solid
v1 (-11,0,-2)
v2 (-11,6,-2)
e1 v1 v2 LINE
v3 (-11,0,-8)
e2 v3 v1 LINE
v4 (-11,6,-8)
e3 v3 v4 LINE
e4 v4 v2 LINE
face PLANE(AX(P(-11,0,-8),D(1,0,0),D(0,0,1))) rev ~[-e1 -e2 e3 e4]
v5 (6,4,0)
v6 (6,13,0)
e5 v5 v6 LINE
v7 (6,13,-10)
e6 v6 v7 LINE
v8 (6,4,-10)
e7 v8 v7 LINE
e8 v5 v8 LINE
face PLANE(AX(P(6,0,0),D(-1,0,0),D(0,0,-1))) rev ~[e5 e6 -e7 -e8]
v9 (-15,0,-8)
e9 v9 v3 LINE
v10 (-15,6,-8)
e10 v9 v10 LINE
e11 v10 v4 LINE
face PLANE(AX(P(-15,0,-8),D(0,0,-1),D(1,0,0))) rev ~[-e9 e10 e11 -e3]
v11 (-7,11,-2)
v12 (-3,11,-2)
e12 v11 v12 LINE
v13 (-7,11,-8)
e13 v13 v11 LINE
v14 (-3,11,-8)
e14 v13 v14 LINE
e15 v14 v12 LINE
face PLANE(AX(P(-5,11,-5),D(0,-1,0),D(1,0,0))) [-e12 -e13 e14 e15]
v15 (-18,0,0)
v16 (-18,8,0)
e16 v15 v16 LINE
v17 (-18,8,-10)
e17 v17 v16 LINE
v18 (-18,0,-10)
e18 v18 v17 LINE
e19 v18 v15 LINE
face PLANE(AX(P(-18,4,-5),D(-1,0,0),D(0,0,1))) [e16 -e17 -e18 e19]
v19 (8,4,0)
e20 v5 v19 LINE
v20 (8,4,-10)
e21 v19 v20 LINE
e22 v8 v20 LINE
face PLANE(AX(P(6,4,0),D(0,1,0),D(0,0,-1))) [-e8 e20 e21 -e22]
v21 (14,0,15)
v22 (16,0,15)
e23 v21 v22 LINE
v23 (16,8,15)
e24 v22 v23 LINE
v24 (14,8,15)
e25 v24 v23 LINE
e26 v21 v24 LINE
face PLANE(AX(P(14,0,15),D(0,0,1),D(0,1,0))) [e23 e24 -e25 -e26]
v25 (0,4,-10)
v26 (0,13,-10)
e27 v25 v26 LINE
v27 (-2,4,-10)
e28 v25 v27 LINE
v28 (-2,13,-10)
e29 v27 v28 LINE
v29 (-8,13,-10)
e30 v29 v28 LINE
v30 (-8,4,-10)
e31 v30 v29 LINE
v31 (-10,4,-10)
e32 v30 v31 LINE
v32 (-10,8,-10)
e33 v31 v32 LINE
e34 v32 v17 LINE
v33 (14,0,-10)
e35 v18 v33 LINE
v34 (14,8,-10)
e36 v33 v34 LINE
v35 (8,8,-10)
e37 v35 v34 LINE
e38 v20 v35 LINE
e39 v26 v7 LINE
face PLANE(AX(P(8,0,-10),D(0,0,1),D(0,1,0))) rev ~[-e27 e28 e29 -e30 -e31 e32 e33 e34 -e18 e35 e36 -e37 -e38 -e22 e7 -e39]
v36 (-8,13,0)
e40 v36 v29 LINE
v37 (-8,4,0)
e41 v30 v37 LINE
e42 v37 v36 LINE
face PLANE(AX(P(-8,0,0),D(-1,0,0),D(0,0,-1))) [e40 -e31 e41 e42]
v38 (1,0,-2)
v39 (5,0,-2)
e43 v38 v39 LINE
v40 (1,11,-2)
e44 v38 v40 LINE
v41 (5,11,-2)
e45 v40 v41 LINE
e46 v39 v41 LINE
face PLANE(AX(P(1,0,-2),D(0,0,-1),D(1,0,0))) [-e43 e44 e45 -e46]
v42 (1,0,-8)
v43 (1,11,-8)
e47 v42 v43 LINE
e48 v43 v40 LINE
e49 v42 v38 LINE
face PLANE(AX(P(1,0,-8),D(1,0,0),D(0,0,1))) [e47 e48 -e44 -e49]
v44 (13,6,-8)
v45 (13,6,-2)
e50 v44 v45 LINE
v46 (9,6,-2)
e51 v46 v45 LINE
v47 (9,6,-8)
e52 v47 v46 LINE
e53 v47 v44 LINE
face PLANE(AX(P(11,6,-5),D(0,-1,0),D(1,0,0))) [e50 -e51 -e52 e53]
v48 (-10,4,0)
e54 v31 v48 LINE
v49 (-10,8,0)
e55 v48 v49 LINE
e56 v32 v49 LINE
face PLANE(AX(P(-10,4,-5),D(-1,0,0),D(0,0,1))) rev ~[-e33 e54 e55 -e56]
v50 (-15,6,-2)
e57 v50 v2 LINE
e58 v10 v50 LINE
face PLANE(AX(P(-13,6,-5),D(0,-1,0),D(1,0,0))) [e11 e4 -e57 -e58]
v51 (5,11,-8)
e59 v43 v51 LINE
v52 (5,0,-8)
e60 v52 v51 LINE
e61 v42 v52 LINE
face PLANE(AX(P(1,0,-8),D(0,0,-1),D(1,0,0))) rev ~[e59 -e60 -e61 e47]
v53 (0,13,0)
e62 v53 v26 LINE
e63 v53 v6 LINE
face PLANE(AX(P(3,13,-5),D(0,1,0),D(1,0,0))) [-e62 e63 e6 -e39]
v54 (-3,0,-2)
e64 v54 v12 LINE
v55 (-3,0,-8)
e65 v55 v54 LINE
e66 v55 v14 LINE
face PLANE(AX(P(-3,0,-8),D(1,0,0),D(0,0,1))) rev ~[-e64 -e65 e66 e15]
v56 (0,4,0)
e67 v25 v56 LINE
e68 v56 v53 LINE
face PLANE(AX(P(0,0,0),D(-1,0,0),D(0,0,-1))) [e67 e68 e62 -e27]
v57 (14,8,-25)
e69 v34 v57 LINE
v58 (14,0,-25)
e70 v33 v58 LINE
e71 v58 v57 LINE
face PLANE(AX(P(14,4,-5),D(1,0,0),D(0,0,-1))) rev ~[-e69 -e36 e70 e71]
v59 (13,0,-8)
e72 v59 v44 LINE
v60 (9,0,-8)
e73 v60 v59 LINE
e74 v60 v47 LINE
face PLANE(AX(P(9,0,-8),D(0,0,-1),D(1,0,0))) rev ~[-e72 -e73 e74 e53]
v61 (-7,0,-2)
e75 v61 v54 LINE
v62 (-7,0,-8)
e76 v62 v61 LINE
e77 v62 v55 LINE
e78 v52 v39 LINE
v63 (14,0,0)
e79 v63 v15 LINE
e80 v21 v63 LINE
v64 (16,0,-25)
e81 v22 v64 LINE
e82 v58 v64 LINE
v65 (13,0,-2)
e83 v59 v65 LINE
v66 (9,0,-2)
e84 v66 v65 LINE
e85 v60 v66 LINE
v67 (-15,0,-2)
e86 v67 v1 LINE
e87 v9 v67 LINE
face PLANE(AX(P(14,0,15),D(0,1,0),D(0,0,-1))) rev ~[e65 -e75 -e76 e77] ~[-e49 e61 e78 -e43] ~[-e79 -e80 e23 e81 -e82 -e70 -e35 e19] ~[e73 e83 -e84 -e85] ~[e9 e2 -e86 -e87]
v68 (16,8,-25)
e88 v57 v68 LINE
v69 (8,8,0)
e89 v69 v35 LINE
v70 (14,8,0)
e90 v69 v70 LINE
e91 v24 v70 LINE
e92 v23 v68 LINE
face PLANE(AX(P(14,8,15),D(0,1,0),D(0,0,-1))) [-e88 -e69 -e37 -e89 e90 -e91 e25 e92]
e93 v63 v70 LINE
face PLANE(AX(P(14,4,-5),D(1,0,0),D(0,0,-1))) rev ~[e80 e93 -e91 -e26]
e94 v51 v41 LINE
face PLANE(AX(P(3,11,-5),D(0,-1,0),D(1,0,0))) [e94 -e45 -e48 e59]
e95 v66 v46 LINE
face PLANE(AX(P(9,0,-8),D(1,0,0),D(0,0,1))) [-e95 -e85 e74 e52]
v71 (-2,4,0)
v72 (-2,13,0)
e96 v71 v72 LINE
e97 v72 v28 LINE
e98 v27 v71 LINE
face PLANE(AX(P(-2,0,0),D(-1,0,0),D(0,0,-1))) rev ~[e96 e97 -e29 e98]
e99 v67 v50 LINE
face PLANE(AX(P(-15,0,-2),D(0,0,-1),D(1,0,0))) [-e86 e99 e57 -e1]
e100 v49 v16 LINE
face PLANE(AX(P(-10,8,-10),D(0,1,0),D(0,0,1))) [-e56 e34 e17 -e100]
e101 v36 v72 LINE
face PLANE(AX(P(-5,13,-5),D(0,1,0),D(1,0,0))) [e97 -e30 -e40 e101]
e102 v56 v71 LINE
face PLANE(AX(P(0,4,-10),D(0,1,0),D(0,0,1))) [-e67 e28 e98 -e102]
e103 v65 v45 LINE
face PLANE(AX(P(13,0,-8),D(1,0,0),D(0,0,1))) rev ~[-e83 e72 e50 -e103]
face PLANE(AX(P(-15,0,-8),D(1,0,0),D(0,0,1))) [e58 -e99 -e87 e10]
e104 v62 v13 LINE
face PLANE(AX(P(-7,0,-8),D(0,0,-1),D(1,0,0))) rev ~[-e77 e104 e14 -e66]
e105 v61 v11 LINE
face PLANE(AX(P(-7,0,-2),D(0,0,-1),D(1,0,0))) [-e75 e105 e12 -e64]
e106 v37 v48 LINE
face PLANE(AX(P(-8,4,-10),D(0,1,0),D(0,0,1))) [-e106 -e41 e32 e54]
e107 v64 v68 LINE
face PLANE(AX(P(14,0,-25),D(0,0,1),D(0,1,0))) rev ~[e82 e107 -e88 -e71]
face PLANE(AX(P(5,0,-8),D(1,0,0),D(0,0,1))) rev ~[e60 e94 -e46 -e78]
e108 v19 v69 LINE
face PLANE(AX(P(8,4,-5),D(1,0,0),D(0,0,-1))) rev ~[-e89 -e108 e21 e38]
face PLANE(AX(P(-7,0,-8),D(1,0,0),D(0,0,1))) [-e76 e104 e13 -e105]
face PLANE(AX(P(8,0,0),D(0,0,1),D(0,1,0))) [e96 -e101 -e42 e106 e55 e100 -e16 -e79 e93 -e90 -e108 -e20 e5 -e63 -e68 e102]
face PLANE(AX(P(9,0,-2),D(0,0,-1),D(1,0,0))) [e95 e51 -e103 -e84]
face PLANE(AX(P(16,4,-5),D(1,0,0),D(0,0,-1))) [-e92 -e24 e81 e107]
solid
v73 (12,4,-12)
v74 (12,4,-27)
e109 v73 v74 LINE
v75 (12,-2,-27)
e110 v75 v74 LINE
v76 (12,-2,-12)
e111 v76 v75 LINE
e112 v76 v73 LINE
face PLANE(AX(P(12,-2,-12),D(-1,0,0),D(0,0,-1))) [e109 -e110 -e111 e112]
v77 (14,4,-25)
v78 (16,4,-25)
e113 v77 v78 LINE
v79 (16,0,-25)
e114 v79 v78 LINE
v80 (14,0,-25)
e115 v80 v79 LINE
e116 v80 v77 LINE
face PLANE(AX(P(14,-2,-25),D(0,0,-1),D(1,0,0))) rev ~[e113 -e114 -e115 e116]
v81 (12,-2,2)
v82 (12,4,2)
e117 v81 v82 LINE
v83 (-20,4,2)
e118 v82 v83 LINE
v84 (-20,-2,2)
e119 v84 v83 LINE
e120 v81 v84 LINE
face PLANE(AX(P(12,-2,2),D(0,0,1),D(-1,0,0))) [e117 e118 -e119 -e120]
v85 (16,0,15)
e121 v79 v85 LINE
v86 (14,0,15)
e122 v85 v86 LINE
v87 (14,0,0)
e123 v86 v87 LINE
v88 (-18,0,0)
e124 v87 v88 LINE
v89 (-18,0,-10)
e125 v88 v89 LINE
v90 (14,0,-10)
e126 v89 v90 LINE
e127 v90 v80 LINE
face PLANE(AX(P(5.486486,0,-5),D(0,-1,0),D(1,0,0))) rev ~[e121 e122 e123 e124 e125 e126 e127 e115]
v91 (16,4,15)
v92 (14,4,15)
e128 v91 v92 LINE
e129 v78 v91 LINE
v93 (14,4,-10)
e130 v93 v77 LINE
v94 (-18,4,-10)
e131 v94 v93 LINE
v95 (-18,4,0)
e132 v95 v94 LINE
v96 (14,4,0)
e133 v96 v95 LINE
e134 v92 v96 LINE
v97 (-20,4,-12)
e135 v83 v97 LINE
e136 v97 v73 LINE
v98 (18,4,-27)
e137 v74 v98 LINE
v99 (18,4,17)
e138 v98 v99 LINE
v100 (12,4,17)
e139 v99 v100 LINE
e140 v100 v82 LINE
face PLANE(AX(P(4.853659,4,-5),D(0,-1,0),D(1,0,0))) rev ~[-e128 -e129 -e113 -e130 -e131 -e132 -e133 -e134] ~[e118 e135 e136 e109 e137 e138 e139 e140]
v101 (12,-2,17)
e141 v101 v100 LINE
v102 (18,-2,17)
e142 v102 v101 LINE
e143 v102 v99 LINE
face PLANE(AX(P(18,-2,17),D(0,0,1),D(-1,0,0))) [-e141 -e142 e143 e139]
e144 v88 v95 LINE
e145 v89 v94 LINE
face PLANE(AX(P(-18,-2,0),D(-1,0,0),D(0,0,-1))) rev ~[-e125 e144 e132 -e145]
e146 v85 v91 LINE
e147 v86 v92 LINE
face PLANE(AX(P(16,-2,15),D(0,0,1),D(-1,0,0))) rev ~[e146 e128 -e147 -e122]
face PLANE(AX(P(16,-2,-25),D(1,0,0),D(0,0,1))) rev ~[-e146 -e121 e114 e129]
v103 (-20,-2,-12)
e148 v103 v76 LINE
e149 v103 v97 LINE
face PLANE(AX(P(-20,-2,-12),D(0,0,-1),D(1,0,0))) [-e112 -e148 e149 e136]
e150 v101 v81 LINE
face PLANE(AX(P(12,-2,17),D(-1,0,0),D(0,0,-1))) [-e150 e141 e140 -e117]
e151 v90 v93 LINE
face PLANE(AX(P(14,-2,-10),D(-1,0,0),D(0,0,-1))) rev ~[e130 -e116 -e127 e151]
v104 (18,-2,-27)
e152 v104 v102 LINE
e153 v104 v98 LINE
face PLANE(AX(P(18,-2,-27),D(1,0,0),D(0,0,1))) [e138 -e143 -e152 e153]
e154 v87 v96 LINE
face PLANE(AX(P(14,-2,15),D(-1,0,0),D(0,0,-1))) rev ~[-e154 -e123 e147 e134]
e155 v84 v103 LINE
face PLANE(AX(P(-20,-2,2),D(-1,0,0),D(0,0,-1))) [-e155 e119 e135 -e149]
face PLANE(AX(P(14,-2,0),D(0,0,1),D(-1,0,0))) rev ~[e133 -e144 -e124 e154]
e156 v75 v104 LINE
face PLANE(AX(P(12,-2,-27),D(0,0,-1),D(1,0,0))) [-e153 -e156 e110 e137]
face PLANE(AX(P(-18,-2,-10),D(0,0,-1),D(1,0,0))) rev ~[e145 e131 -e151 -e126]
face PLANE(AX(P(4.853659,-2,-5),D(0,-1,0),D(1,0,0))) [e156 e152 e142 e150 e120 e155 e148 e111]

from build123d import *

# Parameters (mm, degrees)
SKETCH1_W            = 6
SKETCH1_H            = 10
BOSS_EXTRUDE1_DEPTH  = 13
SKETCH2_W            = 4
SKETCH2_H            = 6
CUT_EXTRUDE1_DEPTH   = 11
SKETCH3_W            = 10
SKETCH3_H            = 4
BOSS_EXTRUDE2_DEPTH  = 2
LPATTERN1_COUNT      = 2
LPATTERN1_PITCH      = 8
SKETCH18_W           = 10
SKETCH18_H           = 8
BOSS_EXTRUDE3_DEPTH  = 8
SKETCH20_W           = 10
SKETCH20_H           = 4
BOSS_EXTRUDE4_DEPTH  = 2
SKETCH21_W           = 10
SKETCH21_H           = 8
BOSS_EXTRUDE5_DEPTH  = 6
SKETCH22_W           = 40
SKETCH22_H           = 8
BOSS_EXTRUDE6_DEPTH  = 2
SKETCH23_W           = 4
SKETCH23_H           = 6
CUT_EXTRUDE2_DEPTH   = 6
BOSS_EXTRUDE15_DEPTH = 2
BOSS_EXTRUDE16_DEPTH = 6


with BuildPart() as part:
    # Sketch1 → Boss-Extrude1 (new body)
    with BuildSketch(Plane(origin=(0, 0, 0), x_dir=(1, 0, 0), z_dir=(0, 1, 0))):
        with Locations((3, 5)):
            Rectangle(SKETCH1_W, SKETCH1_H)
    extrude(amount=BOSS_EXTRUDE1_DEPTH)

    # Sketch2 → Cut-Extrude1 (cut)
    with BuildSketch(Plane.XZ):
        with Locations((3, -5)):
            Rectangle(SKETCH2_W, SKETCH2_H)
    extrude(amount=-CUT_EXTRUDE1_DEPTH, mode=Mode.SUBTRACT)

    # Sketch3 → Boss-Extrude2 (add)
    with BuildSketch(Plane.ZY):
        with Locations((-5, 2)):
            Rectangle(SKETCH3_W, SKETCH3_H)
    extrude(amount=BOSS_EXTRUDE2_DEPTH)


with BuildPart() as lpattern1_1:
    # LPattern1: pattern copy
    add(part.part.moved(Location(Vector(-1, 0, 0) * (1 * LPATTERN1_PITCH))))

    # Sketch18 → Boss-Extrude3 (add)
    with BuildSketch(Plane.ZY.offset(10)):
        with Locations((-5, 4)):
            Rectangle(SKETCH18_W, SKETCH18_H)
    extrude(amount=BOSS_EXTRUDE3_DEPTH)


with BuildPart() as part_1:
    add(part.part)

    # Sketch20 → Boss-Extrude4 (add)
    with BuildSketch(Plane(origin=(6, 0, 0), x_dir=(0, 0, -1), z_dir=(1, 0, 0))):
        with Locations((5, 2)):
            Rectangle(SKETCH20_W, SKETCH20_H)
    extrude(amount=BOSS_EXTRUDE4_DEPTH)

    # Sketch21 → Boss-Extrude5 (add)
    with BuildSketch(Plane(origin=(8, 0, 0), x_dir=(0, 0, -1), z_dir=(1, 0, 0))):
        with Locations((5, 4)):
            Rectangle(SKETCH21_W, SKETCH21_H)
    extrude(amount=BOSS_EXTRUDE5_DEPTH)

    # Sketch22 → Boss-Extrude6 (add)
    with BuildSketch(Plane(origin=(14, 0, 0), x_dir=(0, 0, -1), z_dir=(1, 0, 0))):
        with Locations((5, 4)):
            Rectangle(SKETCH22_W, SKETCH22_H)
    extrude(amount=BOSS_EXTRUDE6_DEPTH)


with BuildPart() as cut_extrude2_tool:
    # Sketch23 → Cut-Extrude2 (new body)
    with BuildSketch(Plane.XZ):
        with Locations((11, -5)):
            Rectangle(SKETCH23_W, SKETCH23_H)
        with Locations((-13, -5)):
            Rectangle(SKETCH23_W, SKETCH23_H)
    extrude(amount=-CUT_EXTRUDE2_DEPTH)


with BuildPart() as part_2:
    add(part_1.part)

    # Cut-Extrude2: cut by cut_extrude2_tool
    add(cut_extrude2_tool.part, mode=Mode.SUBTRACT)


with BuildPart() as lpattern1_1_1:
    add(lpattern1_1.part)

    # Cut-Extrude2: cut by cut_extrude2_tool
    add(cut_extrude2_tool.part, mode=Mode.SUBTRACT)

    # Combine1: union part
    add(part_2.part)


with BuildPart() as body_2:
    # Sketch33 → Boss-Extrude15 (new body)
    with BuildSketch(Plane.XZ):
        Polygon((14, 0), (-18, 0), (-18, -10), (14, -10), (14, -25), (16, -25), (16, 15), (14, 15), align=None)
    extrude(amount=BOSS_EXTRUDE15_DEPTH)

    # Sketch34 → Boss-Extrude16 (add)
    with BuildSketch(Plane.XZ.offset(2)):
        Polygon((12, 17), (12, 2), (-20, 2), (-20, -12), (12, -12), (12, -27), (18, -27), (18, 17), align=None)
        Polygon((14, 15), (14, 0), (-18, 0), (-18, -10), (14, -10), (14, -25), (16, -25), (16, 15), align=None, mode=Mode.SUBTRACT)
    extrude(amount=-BOSS_EXTRUDE16_DEPTH)


solid = Compound([lpattern1_1_1.part, body_2.part])
